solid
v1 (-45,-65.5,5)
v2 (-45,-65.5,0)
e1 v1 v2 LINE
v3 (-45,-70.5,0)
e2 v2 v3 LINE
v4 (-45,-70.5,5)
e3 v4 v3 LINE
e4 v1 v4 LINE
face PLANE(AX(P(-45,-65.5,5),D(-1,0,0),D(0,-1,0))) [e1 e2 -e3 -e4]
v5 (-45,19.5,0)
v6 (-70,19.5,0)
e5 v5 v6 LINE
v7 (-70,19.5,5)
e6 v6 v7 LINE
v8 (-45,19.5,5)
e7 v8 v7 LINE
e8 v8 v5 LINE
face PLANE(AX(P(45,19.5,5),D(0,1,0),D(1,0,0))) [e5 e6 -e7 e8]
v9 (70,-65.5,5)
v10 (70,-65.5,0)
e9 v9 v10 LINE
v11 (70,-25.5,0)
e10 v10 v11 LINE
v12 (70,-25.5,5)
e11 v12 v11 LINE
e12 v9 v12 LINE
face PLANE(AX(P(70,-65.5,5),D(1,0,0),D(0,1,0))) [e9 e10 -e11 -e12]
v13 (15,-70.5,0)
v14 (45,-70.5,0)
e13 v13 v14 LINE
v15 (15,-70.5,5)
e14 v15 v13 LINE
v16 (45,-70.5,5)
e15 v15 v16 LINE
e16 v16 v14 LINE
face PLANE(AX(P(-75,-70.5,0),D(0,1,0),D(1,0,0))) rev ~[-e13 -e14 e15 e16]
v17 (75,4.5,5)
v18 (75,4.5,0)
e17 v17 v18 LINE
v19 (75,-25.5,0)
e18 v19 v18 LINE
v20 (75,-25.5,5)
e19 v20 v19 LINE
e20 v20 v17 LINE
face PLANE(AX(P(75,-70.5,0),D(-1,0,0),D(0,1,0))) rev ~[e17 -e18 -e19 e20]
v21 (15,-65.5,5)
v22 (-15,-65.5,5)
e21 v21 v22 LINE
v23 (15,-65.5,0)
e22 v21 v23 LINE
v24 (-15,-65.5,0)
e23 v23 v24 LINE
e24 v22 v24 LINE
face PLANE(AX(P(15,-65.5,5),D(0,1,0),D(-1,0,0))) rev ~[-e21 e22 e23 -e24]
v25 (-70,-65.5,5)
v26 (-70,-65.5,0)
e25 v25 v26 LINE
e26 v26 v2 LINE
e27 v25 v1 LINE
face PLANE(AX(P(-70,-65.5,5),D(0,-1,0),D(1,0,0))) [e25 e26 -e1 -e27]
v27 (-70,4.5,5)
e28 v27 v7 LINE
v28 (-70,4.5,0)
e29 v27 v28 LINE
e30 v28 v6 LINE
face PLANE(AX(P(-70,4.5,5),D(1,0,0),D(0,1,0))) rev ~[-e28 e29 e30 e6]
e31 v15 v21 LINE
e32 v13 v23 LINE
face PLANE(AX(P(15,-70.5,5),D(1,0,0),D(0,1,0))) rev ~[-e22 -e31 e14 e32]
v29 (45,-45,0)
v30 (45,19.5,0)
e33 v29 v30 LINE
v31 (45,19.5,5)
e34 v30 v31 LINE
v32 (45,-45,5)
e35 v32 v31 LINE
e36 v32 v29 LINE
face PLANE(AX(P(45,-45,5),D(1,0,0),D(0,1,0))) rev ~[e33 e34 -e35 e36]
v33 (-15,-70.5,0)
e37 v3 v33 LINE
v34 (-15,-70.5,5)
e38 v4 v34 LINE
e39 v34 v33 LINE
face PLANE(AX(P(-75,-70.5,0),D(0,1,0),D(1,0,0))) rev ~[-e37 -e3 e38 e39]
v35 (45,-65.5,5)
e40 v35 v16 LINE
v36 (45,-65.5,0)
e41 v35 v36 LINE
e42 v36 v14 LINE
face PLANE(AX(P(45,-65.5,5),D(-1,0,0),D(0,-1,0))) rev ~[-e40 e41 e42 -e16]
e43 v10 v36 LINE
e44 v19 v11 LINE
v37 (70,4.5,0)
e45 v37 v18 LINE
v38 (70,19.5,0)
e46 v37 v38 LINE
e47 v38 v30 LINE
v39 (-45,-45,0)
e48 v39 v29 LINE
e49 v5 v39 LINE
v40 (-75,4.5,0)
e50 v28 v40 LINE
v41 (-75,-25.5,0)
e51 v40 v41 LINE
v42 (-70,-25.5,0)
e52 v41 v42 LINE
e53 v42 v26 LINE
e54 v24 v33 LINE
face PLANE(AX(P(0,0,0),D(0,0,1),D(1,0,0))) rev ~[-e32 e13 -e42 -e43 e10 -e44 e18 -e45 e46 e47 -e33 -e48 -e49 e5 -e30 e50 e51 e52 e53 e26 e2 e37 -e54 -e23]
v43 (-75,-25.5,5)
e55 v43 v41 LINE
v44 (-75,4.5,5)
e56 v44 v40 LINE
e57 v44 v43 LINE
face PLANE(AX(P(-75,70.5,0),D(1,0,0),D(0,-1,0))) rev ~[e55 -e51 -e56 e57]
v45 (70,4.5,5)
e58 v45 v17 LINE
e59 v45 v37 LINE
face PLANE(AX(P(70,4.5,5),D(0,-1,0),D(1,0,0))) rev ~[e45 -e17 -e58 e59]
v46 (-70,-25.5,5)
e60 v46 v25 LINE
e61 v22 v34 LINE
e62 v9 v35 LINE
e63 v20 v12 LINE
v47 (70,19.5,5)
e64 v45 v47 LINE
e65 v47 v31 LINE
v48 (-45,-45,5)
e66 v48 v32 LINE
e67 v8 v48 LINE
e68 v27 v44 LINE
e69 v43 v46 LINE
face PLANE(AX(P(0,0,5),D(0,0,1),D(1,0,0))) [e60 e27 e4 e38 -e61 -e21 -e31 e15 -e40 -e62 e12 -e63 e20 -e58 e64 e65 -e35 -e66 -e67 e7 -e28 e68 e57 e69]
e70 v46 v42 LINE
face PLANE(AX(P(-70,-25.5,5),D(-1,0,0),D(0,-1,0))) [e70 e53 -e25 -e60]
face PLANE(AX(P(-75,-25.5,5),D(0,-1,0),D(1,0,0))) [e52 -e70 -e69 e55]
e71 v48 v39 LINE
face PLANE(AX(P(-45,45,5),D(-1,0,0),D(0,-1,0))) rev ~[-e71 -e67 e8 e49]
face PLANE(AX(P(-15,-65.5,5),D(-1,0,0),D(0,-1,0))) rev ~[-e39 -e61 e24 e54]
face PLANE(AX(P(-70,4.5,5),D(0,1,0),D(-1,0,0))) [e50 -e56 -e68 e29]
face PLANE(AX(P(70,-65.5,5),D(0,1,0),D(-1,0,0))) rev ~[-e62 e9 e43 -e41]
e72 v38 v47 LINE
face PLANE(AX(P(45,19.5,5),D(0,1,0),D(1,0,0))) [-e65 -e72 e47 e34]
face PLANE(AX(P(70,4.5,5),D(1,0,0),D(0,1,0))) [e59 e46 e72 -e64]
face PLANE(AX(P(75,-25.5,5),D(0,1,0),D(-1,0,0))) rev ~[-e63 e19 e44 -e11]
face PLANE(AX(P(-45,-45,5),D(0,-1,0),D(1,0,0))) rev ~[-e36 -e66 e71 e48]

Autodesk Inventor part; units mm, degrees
ref_plane "YZ Plane" through (0, 0, 0) normal (1, 0, 0) x (0, 1, 0)
ref_plane "XZ Plane" through (0, 0, 0) normal (0, 1, 0) x (-1, 0, 0)
ref_plane "XY Plane" through (0, 0, 0) normal (0, 0, 1) x (1, 0, 0)
sketch "Sketch1" plane through (0, 0, 0) normal (0, 0, 1) x (1, 0, 0)
  line L0 (0, 2.8582) -> (0, -2.8582) construction
  line L1 (-5.7775, 0) -> (5.7775, 0) construction
  line L2 (-75, -70.5) -> (75, -70.5)
  line L3 (75, -70.5) -> (75, 70.5)
  line L4 (75, 70.5) -> (-75, 70.5)
  line L5 (-75, 70.5) -> (-75, -70.5)
  line L6 (-75, -70.5) -> (75, 70.5) construction
  line L7 (75, -70.5) -> (-75, 70.5) construction
  point P0 (0, 0)
  point P1 (0, 0)
  dimension "d0" = 150
  dimension "d1" = 141
extrude "Extrusion1" add sketch "Sketch1" along normal blind 5
sketch "Sketch2" plane through (0, 0, 5) normal (0, 0, 1) x (1, 0, 0)
  line L0 (-75, -70.5) -> (75, -70.5) projected
  line L1 (0, -70.5) -> (-15, -70.5)
  line L2 (-15, -70.5) -> (15, -70.5)
  line L3 (15, -70.5) -> (45, -70.5)
  line L4 (-15, -70.5) -> (-45, -70.5)
  line L5 (-15, -70.5) -> (15, -70.5)
  line L6 (15, -70.5) -> (15, -65.5)
  line L7 (15, -65.5) -> (-15, -65.5)
  line L8 (-15, -65.5) -> (-15, -70.5)
  line L9 (75, -70.5) -> (75, 70.5) projected
  line L10 (45, -70.5) -> (75, -70.5)
  line L11 (75, -70.5) -> (75, -65.5)
  line L12 (75, -65.5) -> (45, -65.5)
  line L13 (45, -65.5) -> (45, -70.5)
  line L14 (-75, 70.5) -> (-75, -70.5) projected
  line L15 (-45, -70.5) -> (-75, -70.5)
  line L16 (-75, -70.5) -> (-75, -65.5)
  line L17 (-75, -65.5) -> (-45, -65.5)
  line L18 (-45, -65.5) -> (-45, -70.5)
  line L19 (75, -70.5) -> (75, -55.5)
  line L20 (75, -55.5) -> (75, -25.5)
  line L21 (75, -25.5) -> (75, 4.5)
  line L22 (75, 4.5) -> (75, 34.5)
  line L23 (75, 34.5) -> (75, 64.5)
  line L24 (75, -25.5) -> (70, -25.5)
  line L25 (70, -25.5) -> (70, 4.5)
  line L26 (70, 4.5) -> (75, 4.5)
  line L27 (75, 4.5) -> (75, -25.5)
  line L28 (75, 70.5) -> (-75, 70.5) projected
  line L29 (75, 34.5) -> (70, 34.5)
  line L30 (70, 34.5) -> (70, 70.5)
  line L31 (70, 70.5) -> (75, 70.5)
  line L32 (75, 70.5) -> (75, 34.5)
  line L33 (-75, -25.5) -> (-70, -25.5)
  line L34 (-70, -25.5) -> (-70, 4.5)
  line L35 (-70, 4.5) -> (-75, 4.5)
  line L36 (-75, 4.5) -> (-75, -25.5)
  line L37 (-75, 34.5) -> (-70, 34.5)
  line L38 (-70, 34.5) -> (-70, 70.5)
  line L39 (-70, 70.5) -> (-75, 70.5)
  line L40 (-75, 70.5) -> (-75, 34.5)
  line L41 (0, 70.5) -> (-15, 70.5)
  line L42 (-15, 70.5) -> (15, 70.5)
  line L43 (15, 70.5) -> (45, 70.5)
  line L44 (-15, 70.5) -> (-45, 70.5)
  line L45 (-75, 70.5) -> (-45, 70.5)
  line L46 (-45, 70.5) -> (-45, 65.5)
  line L47 (-45, 65.5) -> (-75, 65.5)
  line L48 (-75, 65.5) -> (-75, 70.5)
  line L49 (-15, 70.5) -> (15, 70.5)
  line L50 (15, 70.5) -> (15, 65.5)
  line L51 (15, 65.5) -> (-15, 65.5)
  line L52 (-15, 65.5) -> (-15, 70.5)
  line L53 (45, 70.5) -> (75, 70.5)
  line L54 (75, 70.5) -> (75, 65.5)
  line L55 (75, 65.5) -> (45, 65.5)
  line L56 (45, 65.5) -> (45, 70.5)
  line L57 (-75, -25.5) -> (-70, -25.5)
  line L58 (-70, -25.5) -> (-70, -70.5)
  line L59 (-70, -70.5) -> (-75, -70.5)
  line L60 (-75, -70.5) -> (-75, -25.5)
  line L61 (-75, 4.5) -> (-70, 4.5)
  line L62 (-70, 4.5) -> (-70, 34.5)
  line L63 (-70, 34.5) -> (-75, 34.5)
  line L64 (-75, 34.5) -> (-75, 4.5)
  line L65 (70, 34.5) -> (75, 34.5)
  line L66 (75, 34.5) -> (75, 4.5)
  line L67 (75, 4.5) -> (70, 4.5)
  line L68 (70, 4.5) -> (70, 34.5)
  line L69 (70, -25.5) -> (75, -25.5)
  line L70 (75, -25.5) -> (75, -70.5)
  line L71 (75, -70.5) -> (70, -70.5)
  line L72 (70, -70.5) -> (70, -25.5)
  point P0 (0, 0)
  point P1 (75, 4.5)
  point P2 (-70, 70.5)
  point P3 (-75, 4.5)
  point P4 (70, 65.5)
  point P5 (-70, 65.5)
  point P6 (-70, -65.5)
  point P7 (70, -65.5)
  dimension "d4" = 15
  dimension "d5" = 30
  dimension "d6" = 30
  dimension "d7" = 30
  dimension "d8" = 30
  dimension "d9" = 5
  dimension "d10" = 15
  dimension "d11" = 30
  dimension "d14" = 30
  dimension "d15" = 5
  dimension "d16" = 5
  dimension "d17" = 5
  dimension "d24" = 15
  dimension "d25" = 30
  dimension "d26" = 30
  dimension "d27" = 30
  dimension "d28" = 5
  dimension "d32" = 5
  dimension "d33" = 30
  dimension "d34" = 30
extrude "Extrusion2" cut sketch "Sketch2" against normal blind 8 contours L14 L17 L58 L0 | L58 L17 L18 L0 | L14 L33 L58 L17 | L8 L7 L6 L0 | L14 L37 L62 L35 | L14 L28 L38 L47 | L13 L12 L72 L0 | L38 L28 L46 L47 | L72 L12 L9 L0 | L72 L24 L9 L12 | L28 L50 L51 L52 | L68 L29 L9 L26 | L55 L56 L28 L30 | L30 L28 L9 L55
sketch "Sketch3" plane through (0, 0, 5) normal (0, 0, 1) x (1, 0, 0)
  line L0 (-45, -45) -> (45, -45)
  line L1 (45, -45) -> (45, 45)
  line L2 (45, 45) -> (-45, 45)
  line L3 (-45, 45) -> (-45, -45)
  line L4 (-45, -45) -> (45, 45) construction
  line L5 (45, -45) -> (-45, 45) construction
  point P0 (0, 0)
  dimension "d20" = 90
  dimension "d21" = 90
extrude "Extrusion3" cut sketch "Sketch3" against normal blind 8
sketch "Sketch4" plane through (0, 0, 5) normal (0, 0, 1) x (1, 0, 0)
  line L0 (75, 34.5) -> (75, 65.5) projected
  line L1 (75, 65.5) -> (75, 21.5)
  line L2 (75, 21.5) -> (-125.9097, 21.5)
  line L3 (-125.9097, 21.5) -> (-125.9097, 76.2896)
  line L4 (-125.9097, 76.2896) -> (75, 76.2896)
  line L5 (75, 76.2896) -> (75, 21.5)
  point P0 (0, 0)
  dimension "d29" = 44
extrude "Extrusion4" cut sketch "Sketch4" against normal blind 15
sketch "Sketch5" plane through (45, 21.5, 5) normal (0, 1, 0) x (1, 0, 0)
  line L0 (36.0509, -17.7295) -> (-126.227, -17.7295)
  line L1 (-126.227, -17.7295) -> (-126.227, 31.9582)
  line L2 (-126.227, 31.9582) -> (36.0509, 31.9582)
  line L3 (36.0509, 31.9582) -> (36.0509, -17.7295)
  point P0 (-45, 5)
extrude "Extrusion5" cut sketch "Sketch5" against normal blind 2
properties part number "Plaat achter" material "S235"
